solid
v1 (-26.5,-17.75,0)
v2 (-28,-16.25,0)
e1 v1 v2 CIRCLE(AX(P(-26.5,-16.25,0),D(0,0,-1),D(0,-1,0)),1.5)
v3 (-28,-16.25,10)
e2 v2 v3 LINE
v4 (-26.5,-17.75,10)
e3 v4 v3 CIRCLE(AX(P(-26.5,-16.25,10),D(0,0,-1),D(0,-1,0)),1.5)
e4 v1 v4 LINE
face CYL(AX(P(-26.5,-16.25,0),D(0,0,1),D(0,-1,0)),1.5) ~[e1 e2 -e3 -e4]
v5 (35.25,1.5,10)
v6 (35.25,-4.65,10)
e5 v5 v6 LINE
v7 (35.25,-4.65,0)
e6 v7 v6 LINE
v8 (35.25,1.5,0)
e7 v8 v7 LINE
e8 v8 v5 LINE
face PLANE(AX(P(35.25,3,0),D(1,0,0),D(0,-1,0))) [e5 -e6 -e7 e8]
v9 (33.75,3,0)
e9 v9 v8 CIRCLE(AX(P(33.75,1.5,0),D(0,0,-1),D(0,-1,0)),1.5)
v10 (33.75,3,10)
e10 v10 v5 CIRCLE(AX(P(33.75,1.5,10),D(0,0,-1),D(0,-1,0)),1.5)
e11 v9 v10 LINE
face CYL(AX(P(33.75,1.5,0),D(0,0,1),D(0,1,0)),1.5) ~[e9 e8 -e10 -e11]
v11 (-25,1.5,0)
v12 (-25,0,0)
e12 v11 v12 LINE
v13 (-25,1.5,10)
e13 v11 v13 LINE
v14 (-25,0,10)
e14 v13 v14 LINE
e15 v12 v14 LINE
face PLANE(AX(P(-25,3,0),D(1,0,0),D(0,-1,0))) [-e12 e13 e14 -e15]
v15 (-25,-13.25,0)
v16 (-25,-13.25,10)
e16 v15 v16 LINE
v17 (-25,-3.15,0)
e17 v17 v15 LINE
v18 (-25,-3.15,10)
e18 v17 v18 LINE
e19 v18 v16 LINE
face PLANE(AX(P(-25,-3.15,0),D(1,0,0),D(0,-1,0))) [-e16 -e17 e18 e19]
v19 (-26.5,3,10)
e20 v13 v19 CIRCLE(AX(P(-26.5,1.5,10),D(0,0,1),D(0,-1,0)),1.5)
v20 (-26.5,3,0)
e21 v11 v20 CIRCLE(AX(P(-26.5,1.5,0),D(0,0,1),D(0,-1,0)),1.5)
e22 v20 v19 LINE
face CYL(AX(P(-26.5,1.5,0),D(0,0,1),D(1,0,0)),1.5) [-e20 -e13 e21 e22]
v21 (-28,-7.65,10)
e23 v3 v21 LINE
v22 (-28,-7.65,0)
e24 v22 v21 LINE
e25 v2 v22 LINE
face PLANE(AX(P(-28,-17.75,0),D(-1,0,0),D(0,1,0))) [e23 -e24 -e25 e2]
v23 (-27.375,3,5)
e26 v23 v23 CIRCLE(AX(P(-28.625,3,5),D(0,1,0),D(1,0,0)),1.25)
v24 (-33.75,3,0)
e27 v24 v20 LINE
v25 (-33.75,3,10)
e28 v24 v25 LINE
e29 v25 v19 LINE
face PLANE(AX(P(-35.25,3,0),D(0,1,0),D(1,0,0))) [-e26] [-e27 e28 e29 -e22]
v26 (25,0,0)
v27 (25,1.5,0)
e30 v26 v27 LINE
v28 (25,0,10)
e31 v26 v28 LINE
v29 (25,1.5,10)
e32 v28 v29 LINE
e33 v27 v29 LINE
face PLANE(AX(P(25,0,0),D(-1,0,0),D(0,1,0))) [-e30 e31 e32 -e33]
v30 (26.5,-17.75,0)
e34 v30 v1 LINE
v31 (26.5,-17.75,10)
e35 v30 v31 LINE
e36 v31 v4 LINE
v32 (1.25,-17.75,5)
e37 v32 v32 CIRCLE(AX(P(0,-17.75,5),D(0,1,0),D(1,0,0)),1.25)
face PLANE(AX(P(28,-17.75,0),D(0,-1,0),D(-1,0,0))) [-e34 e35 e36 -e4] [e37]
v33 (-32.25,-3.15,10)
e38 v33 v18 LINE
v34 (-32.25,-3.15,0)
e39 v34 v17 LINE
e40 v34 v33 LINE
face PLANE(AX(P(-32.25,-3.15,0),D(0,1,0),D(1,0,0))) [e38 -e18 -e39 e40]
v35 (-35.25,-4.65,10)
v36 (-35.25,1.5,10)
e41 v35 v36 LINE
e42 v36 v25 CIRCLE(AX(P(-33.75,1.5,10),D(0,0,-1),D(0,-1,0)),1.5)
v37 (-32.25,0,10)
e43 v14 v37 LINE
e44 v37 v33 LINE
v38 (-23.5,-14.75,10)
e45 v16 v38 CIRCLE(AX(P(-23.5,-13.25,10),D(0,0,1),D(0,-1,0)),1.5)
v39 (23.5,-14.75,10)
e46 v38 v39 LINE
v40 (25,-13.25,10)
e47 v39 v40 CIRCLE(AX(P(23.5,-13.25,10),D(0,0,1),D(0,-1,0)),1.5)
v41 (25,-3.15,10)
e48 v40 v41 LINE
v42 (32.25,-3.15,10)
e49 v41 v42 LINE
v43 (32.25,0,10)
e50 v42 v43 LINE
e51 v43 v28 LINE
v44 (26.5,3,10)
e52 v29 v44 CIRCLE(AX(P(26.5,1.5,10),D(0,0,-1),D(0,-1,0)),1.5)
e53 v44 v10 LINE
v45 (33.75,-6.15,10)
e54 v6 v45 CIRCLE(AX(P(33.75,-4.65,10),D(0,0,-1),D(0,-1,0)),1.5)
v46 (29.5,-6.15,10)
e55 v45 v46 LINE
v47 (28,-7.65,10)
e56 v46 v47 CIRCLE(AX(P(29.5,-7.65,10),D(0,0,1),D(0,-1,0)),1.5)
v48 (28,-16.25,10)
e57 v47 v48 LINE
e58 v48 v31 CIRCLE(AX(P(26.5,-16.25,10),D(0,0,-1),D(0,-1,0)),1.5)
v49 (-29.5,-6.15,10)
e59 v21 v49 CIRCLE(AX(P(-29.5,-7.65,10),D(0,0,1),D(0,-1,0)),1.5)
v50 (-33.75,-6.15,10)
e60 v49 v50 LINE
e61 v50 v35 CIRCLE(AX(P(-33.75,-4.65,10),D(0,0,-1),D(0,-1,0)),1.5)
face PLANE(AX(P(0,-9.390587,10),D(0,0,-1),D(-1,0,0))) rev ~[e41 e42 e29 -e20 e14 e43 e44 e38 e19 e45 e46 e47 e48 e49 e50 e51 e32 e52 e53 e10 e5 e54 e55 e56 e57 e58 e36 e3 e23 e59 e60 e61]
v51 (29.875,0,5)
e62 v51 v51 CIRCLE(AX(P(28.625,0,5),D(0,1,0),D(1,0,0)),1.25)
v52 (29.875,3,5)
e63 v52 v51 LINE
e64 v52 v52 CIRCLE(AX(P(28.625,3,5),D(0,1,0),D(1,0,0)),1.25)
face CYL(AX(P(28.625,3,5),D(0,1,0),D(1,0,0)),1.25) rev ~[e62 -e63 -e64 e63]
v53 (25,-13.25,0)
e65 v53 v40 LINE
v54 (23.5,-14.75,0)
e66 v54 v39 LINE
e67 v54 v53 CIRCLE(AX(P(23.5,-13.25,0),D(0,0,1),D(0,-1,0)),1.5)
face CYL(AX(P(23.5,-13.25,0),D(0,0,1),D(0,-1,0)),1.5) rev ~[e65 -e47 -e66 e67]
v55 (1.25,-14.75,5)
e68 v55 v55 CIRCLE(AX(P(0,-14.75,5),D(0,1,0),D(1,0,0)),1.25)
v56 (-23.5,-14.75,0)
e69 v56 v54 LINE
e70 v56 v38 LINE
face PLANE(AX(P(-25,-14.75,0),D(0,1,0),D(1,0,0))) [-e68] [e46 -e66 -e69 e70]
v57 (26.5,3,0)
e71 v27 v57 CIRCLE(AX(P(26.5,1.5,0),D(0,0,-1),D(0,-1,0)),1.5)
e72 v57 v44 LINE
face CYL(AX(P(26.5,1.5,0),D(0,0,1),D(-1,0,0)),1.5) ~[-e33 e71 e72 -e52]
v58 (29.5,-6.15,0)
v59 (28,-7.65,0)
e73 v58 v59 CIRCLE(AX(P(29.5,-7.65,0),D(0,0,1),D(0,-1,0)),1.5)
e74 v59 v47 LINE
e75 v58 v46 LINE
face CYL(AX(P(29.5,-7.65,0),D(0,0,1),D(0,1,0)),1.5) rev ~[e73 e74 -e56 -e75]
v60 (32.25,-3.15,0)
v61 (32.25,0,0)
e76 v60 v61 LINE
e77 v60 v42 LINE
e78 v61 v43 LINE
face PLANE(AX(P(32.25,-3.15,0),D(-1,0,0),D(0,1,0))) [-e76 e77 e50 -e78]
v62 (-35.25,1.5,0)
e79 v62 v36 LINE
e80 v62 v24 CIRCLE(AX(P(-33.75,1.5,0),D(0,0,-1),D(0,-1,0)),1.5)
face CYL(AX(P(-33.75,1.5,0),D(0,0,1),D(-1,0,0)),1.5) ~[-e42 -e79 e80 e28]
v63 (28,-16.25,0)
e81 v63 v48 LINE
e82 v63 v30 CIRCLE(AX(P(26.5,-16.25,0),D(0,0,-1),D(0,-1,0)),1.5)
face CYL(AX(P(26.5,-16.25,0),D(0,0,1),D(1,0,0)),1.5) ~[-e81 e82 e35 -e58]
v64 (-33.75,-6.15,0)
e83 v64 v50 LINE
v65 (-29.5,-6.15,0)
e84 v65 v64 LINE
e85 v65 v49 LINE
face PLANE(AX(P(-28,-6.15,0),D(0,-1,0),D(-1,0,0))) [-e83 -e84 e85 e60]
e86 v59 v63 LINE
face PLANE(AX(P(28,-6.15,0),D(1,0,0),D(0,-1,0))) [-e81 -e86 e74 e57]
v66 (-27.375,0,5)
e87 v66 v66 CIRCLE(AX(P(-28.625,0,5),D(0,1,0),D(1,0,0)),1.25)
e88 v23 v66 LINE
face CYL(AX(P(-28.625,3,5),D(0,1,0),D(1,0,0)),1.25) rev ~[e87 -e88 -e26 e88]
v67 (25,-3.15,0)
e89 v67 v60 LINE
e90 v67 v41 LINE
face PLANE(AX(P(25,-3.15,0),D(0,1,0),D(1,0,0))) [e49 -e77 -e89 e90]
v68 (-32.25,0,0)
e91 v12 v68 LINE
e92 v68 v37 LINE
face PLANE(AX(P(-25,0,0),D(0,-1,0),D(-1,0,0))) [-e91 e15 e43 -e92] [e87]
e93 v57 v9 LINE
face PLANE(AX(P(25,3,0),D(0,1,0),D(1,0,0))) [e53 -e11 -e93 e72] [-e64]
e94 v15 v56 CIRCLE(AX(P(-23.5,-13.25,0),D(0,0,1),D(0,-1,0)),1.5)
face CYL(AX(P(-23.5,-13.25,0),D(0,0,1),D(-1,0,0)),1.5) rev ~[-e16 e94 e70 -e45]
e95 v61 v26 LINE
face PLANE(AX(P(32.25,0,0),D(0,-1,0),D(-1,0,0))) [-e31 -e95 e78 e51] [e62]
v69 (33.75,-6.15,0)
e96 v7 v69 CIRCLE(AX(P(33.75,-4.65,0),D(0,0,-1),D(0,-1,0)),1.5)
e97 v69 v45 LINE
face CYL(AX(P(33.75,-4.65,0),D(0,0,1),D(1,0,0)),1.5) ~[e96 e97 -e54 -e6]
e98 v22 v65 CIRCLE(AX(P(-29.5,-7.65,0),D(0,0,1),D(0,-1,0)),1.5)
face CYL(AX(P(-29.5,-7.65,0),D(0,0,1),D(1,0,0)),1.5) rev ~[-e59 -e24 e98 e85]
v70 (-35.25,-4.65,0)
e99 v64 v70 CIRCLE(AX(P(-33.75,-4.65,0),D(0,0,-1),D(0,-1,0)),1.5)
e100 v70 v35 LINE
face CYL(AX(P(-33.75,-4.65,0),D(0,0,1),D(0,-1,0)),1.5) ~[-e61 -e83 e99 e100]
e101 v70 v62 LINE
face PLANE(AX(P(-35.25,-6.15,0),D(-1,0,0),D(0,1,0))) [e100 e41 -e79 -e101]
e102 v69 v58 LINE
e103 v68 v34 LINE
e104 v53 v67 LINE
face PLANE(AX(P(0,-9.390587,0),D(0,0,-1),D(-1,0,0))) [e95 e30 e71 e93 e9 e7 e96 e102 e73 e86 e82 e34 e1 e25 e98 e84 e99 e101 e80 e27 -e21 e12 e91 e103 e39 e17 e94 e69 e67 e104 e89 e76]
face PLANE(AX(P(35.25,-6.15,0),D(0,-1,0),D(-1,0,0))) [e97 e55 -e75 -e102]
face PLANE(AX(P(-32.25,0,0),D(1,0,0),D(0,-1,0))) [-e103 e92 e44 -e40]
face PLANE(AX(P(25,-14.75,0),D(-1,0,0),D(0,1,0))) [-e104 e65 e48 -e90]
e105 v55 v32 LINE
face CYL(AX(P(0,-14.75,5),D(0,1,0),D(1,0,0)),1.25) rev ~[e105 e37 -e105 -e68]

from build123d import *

# Parameters (mm, degrees)
BOSS_EXTRUDE1_DEPTH = 10
CUT_EXTRUDE2_REACH  = 22.75
SKETCH4_R           = 1.25
SKETCH5_R           = 1.25
CUT_EXTRUDE3_DEPTH  = 4
FILLET1_R           = 1.5


with BuildPart() as part:
    # Sketch1 → Boss-Extrude1 (new body)
    with BuildSketch(Plane.XY):
        Polygon((-32.25, 0), (-32.25, -3.15), (-25, -3.15), (-25, -14.75), (25, -14.75), (25, -3.15), (32.25, -3.15), (32.25, 0), (25, 0), (25, 3), (35.25, 3), (35.25, -6.15), (28, -6.15), (28, -17.75), (-28, -17.75), (-28, -6.15), (-35.25, -6.15), (-35.25, 3), (-25, 3), (-25, 0), align=None)
    extrude(amount=BOSS_EXTRUDE1_DEPTH)

    # Sketch4 → Cut-Extrude2 (cut, up to next)
    with BuildSketch(Plane(origin=(0, 3, 0), x_dir=(1, 0, 0), z_dir=(0, 1, 0)), mode=Mode.PRIVATE) as cut_extrude2_sk1:
        with Locations((-28.625, -5)):
            Circle(SKETCH4_R)
    cut_extrude2_tool1 = extrude(cut_extrude2_sk1.sketch, amount=-CUT_EXTRUDE2_REACH, mode=Mode.PRIVATE) & part.part
    add(cut_extrude2_tool1.solids().sort_by_distance((-28.625, 3, 5))[0], mode=Mode.SUBTRACT)
    # Sketch4 → Cut-Extrude2 (cut, up to next)
    with BuildSketch(Plane(origin=(0, 3, 0), x_dir=(1, 0, 0), z_dir=(0, 1, 0)), mode=Mode.PRIVATE) as cut_extrude2_sk2:
        with Locations((28.625, -5)):
            Circle(SKETCH4_R)
    cut_extrude2_tool2 = extrude(cut_extrude2_sk2.sketch, amount=-CUT_EXTRUDE2_REACH, mode=Mode.PRIVATE) & part.part
    add(cut_extrude2_tool2.solids().sort_by_distance((28.625, 3, 5))[0], mode=Mode.SUBTRACT)

    # Sketch5 → Cut-Extrude3 (cut, through all)
    with BuildSketch(Plane(origin=(0, -14.75, 0), x_dir=(1, 0, 0), z_dir=(0, 1, 0))):
        with Locations((0, -5)):
            Circle(SKETCH5_R)
    extrude(amount=-CUT_EXTRUDE3_DEPTH, mode=Mode.SUBTRACT)

    # Fillet1
    fillet1_edges = [part.edges().sort_by_distance(p)[0] for p in [
        (-25, -14.75, 5),
        (25, -14.75, 5),
        (25, 3, 5),
        (35.25, 3, 5),
        (35.25, -6.15, 5),
        (28, -6.15, 5),
        (28, -17.75, 5),
        (-28, -17.75, 5),
        (-28, -6.15, 5),
        (-35.25, -6.15, 5),
        (-35.25, 3, 5),
        (-25, 3, 5),
    ]]
    fillet(fillet1_edges, radius=FILLET1_R)


solid = part.part
